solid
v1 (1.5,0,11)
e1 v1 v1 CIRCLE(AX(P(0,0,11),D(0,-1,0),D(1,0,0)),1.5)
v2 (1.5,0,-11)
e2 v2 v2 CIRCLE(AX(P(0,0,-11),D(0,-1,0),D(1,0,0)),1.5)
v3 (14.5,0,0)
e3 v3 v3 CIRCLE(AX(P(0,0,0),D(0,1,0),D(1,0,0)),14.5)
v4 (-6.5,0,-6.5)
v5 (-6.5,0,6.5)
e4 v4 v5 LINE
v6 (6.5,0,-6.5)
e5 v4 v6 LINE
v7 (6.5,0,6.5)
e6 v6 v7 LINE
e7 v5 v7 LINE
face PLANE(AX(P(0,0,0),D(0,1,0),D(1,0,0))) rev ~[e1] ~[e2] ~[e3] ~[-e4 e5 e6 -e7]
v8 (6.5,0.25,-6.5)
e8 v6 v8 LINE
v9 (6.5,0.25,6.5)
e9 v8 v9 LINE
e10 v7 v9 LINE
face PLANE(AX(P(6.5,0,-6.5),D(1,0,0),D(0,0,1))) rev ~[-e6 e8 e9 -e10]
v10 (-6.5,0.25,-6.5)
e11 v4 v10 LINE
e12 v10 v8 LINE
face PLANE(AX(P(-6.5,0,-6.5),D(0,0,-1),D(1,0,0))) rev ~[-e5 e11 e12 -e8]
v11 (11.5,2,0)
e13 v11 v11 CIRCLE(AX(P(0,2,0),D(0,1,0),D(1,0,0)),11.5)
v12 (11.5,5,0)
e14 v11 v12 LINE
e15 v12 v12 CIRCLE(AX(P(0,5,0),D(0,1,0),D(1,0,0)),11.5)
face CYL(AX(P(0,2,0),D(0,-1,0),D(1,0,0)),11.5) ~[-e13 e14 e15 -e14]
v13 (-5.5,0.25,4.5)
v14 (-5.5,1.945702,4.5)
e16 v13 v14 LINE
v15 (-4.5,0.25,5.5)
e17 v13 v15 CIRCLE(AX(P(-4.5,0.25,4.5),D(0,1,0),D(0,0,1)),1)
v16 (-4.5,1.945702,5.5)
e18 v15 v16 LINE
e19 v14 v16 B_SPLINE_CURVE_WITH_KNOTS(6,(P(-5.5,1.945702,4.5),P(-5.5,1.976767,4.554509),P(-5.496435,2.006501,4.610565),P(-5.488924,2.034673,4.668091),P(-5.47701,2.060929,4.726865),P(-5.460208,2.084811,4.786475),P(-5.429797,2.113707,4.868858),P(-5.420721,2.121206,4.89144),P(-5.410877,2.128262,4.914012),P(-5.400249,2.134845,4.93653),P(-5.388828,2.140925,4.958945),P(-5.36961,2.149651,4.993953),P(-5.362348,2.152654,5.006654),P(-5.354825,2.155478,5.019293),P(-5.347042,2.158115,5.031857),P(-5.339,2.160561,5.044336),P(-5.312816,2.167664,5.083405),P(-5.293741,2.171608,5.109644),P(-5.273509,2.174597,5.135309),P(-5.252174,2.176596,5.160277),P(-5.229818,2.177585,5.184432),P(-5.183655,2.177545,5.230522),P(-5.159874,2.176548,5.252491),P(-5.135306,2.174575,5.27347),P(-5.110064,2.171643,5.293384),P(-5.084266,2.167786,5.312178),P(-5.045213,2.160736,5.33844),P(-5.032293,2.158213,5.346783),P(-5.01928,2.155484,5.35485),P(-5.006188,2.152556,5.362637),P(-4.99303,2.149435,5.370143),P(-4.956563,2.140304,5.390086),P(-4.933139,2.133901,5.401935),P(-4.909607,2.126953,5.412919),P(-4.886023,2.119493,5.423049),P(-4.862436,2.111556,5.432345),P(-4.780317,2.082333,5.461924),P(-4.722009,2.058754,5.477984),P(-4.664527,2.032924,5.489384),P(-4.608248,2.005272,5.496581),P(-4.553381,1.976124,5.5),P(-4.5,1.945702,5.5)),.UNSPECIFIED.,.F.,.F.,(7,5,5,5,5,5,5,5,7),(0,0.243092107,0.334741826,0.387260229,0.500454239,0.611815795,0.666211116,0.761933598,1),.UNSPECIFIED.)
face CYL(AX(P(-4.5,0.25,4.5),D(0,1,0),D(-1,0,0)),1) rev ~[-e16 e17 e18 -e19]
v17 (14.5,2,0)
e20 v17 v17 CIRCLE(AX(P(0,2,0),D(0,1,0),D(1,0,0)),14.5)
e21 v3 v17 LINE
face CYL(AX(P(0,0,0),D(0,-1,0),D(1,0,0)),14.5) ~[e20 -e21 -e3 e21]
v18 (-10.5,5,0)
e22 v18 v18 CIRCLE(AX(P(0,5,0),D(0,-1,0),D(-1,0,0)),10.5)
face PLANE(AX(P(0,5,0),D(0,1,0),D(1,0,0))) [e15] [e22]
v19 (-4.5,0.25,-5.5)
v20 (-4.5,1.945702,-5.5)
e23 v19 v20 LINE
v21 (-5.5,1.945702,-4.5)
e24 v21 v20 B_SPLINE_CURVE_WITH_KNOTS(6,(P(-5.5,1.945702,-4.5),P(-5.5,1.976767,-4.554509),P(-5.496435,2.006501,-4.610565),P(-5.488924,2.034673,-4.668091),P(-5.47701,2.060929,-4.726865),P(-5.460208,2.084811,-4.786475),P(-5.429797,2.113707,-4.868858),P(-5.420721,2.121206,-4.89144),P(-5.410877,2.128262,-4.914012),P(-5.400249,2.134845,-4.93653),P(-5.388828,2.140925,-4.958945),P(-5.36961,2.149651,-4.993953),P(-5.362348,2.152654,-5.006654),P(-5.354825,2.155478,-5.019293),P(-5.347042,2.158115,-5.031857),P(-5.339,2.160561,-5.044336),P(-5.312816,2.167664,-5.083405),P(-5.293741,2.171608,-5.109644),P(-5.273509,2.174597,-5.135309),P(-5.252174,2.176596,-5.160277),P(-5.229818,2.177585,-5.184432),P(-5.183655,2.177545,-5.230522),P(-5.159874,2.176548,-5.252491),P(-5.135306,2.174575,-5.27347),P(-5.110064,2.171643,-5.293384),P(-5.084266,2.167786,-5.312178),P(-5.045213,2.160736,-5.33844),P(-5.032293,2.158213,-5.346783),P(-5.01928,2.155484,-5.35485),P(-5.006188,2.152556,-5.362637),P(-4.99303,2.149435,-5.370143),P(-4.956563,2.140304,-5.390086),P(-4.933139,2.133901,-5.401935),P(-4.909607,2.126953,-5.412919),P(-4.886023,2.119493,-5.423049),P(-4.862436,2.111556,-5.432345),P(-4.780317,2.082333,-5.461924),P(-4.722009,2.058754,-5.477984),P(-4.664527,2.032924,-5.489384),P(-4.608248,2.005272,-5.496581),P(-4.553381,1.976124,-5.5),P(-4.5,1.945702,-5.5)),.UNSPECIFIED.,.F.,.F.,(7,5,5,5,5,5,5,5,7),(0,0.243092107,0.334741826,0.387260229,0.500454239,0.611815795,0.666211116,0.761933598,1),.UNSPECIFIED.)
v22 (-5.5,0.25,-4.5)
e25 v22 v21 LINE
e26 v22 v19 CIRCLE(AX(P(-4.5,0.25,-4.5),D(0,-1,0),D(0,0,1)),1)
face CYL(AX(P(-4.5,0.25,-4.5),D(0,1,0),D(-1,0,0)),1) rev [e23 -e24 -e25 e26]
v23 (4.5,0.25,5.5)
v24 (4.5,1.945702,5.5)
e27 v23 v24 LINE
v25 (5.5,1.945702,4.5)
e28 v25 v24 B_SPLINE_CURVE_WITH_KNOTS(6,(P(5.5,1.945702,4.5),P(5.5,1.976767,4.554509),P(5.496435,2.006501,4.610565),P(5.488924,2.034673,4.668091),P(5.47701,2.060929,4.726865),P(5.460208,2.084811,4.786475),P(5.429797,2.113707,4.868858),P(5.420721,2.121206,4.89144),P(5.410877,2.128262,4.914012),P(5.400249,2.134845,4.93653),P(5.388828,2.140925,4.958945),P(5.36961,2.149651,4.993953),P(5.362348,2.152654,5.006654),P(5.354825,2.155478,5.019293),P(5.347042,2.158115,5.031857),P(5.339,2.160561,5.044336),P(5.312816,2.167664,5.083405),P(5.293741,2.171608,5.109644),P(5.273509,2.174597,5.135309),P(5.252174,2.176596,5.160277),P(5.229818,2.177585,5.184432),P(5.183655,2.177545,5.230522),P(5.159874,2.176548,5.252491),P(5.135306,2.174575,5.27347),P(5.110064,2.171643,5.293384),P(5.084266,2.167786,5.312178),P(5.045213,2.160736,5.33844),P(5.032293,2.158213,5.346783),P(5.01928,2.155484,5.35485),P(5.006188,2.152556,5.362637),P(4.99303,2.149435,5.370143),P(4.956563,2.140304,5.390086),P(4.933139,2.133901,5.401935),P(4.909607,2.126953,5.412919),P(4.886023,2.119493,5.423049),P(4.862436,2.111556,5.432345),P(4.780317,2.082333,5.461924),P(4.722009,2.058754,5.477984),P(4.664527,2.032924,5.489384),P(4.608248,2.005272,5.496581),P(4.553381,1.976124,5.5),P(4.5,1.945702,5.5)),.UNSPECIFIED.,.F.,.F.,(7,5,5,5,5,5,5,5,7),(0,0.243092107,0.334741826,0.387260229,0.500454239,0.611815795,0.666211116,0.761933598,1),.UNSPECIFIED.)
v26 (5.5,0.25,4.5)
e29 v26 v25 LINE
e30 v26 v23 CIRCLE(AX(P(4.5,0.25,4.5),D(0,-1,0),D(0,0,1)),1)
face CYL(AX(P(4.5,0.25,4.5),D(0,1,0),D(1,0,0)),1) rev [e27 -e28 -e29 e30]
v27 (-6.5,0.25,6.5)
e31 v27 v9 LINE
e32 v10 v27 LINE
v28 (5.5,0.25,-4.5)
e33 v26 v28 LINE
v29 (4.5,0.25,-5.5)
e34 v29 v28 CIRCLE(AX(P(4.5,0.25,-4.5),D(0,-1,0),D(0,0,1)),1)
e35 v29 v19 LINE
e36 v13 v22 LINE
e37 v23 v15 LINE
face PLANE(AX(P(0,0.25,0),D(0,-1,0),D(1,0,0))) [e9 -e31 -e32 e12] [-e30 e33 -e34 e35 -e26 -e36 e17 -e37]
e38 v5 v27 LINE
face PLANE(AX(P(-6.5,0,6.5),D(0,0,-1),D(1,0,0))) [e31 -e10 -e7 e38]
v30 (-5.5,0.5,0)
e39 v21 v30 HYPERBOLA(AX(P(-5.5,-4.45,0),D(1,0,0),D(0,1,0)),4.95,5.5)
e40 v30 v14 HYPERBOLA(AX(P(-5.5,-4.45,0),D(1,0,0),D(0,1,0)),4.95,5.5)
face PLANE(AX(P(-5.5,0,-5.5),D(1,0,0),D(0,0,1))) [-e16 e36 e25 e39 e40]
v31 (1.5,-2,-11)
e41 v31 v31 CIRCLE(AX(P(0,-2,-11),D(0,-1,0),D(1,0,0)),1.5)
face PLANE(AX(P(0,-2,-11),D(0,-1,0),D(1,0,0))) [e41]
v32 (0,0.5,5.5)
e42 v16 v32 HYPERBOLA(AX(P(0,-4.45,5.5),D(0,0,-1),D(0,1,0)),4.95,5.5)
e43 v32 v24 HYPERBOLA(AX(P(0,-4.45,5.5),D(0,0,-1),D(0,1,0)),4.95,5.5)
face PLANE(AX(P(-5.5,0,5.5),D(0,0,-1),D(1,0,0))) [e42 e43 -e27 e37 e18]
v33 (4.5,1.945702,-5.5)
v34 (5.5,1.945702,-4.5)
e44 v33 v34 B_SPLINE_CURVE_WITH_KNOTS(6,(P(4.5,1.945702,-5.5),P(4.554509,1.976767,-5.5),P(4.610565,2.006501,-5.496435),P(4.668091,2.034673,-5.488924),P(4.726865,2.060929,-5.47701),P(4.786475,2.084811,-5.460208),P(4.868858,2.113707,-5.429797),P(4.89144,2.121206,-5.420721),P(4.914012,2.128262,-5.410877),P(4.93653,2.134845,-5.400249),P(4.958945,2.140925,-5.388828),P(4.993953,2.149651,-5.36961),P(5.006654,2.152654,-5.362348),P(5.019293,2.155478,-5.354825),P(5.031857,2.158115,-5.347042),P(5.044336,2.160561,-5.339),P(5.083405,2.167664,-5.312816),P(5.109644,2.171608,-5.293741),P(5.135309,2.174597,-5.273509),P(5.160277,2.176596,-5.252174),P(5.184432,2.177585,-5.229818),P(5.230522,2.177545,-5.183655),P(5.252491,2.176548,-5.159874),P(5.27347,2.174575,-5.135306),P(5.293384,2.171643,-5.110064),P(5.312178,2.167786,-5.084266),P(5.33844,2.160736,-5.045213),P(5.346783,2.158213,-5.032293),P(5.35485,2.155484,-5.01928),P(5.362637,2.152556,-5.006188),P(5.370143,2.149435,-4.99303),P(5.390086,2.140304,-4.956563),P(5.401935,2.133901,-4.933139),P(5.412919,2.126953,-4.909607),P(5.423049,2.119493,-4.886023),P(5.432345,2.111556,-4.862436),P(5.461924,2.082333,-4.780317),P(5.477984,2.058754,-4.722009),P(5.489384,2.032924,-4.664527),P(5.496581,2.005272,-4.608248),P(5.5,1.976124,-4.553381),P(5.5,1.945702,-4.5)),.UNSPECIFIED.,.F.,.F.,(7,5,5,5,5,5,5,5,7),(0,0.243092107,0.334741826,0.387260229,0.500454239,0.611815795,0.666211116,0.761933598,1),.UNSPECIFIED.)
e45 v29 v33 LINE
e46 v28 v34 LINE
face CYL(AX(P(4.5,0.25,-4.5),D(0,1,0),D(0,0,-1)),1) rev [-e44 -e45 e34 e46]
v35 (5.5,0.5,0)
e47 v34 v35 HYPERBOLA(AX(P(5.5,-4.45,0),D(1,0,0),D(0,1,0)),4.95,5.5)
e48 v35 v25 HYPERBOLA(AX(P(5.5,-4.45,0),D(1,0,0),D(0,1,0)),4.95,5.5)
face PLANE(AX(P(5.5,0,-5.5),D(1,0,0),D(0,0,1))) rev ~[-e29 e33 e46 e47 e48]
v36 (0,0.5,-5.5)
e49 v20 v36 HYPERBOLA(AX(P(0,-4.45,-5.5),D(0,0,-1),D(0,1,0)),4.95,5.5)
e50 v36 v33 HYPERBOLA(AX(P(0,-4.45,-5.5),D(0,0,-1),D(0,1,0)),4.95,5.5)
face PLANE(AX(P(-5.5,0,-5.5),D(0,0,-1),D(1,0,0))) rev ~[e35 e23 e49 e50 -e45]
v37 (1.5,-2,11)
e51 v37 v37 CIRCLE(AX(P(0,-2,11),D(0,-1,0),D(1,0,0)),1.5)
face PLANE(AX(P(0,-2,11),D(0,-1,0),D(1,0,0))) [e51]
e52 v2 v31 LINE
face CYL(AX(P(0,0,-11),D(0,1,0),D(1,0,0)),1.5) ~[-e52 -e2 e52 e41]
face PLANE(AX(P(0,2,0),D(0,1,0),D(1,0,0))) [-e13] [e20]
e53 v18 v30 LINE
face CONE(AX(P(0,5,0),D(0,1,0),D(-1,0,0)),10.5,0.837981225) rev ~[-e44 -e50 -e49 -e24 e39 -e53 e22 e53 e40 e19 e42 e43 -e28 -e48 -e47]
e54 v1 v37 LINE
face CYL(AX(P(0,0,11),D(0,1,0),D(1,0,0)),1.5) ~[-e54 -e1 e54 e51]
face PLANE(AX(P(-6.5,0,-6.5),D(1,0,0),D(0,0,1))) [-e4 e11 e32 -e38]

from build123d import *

# Parameters (mm, degrees)
SKETCH1_R         = 14.5
BODY_DEPTH        = 2
SKETCH2_R         = 1.5
FIXHOLES_DEPTH    = 2
SKETCH3_R         = 11.5
BODY2_DEPTH       = 3
SKETCH5_W         = 11
SKETCH5_H         = 11
WINDOW_HOLE_DEPTH = 12
SKETCH7_W         = 13
SKETCH7_H         = 13
WINDOW_DEPTH      = 0.25
WINDOW_FILLET_R   = 1


with BuildPart() as part:
    # Sketch1 → Body (new body)
    with BuildSketch(Plane(origin=(0, 0, 0), x_dir=(1, 0, 0), z_dir=(0, 1, 0))):
        Circle(SKETCH1_R)
    extrude(amount=BODY_DEPTH)

    # Sketch2 → FixHoles (add)
    with BuildSketch(Plane.XZ):
        with Locations((0, 11)):
            Circle(SKETCH2_R)
        with Locations((0, -11)):
            Circle(SKETCH2_R)
    extrude(amount=FIXHOLES_DEPTH)

    # Sketch3 → Body2 (add)
    with BuildSketch(Plane(origin=(0, 2, 0), x_dir=(1, 0, 0), z_dir=(0, 1, 0))):
        Circle(SKETCH3_R)
    extrude(amount=BODY2_DEPTH)

    # Sketch5 → Window_hole (cut)
    with BuildSketch(Plane.XZ):
        Rectangle(SKETCH5_W, SKETCH5_H)
    extrude(amount=-WINDOW_HOLE_DEPTH, mode=Mode.SUBTRACT)

    # Sketch6 → Objective_cut (revolve, cut)
    with BuildSketch(Plane.XY):
        Polygon((-5.5, 5), (-10.5, 5), (-5.5, 0.5), align=None)
    revolve(axis=Axis((0, 7.375311512, 0), (0, -1, 0)), mode=Mode.SUBTRACT)

    # Sketch7 → Window (cut)
    with BuildSketch(Plane.XZ):
        Rectangle(SKETCH7_W, SKETCH7_H)
    extrude(amount=-WINDOW_DEPTH, mode=Mode.SUBTRACT)

    # Window_Fillet
    window_fillet_edges = [part.edges().sort_by_distance(p)[0] for p in [
        (-5.5, 1.400178567, 5.5),
        (5.5, 1.400178567, 5.5),
        (5.5, 1.400178567, -5.5),
        (-5.5, 1.400178567, -5.5),
    ]]
    fillet(window_fillet_edges, radius=WINDOW_FILLET_R)


solid = part.part
